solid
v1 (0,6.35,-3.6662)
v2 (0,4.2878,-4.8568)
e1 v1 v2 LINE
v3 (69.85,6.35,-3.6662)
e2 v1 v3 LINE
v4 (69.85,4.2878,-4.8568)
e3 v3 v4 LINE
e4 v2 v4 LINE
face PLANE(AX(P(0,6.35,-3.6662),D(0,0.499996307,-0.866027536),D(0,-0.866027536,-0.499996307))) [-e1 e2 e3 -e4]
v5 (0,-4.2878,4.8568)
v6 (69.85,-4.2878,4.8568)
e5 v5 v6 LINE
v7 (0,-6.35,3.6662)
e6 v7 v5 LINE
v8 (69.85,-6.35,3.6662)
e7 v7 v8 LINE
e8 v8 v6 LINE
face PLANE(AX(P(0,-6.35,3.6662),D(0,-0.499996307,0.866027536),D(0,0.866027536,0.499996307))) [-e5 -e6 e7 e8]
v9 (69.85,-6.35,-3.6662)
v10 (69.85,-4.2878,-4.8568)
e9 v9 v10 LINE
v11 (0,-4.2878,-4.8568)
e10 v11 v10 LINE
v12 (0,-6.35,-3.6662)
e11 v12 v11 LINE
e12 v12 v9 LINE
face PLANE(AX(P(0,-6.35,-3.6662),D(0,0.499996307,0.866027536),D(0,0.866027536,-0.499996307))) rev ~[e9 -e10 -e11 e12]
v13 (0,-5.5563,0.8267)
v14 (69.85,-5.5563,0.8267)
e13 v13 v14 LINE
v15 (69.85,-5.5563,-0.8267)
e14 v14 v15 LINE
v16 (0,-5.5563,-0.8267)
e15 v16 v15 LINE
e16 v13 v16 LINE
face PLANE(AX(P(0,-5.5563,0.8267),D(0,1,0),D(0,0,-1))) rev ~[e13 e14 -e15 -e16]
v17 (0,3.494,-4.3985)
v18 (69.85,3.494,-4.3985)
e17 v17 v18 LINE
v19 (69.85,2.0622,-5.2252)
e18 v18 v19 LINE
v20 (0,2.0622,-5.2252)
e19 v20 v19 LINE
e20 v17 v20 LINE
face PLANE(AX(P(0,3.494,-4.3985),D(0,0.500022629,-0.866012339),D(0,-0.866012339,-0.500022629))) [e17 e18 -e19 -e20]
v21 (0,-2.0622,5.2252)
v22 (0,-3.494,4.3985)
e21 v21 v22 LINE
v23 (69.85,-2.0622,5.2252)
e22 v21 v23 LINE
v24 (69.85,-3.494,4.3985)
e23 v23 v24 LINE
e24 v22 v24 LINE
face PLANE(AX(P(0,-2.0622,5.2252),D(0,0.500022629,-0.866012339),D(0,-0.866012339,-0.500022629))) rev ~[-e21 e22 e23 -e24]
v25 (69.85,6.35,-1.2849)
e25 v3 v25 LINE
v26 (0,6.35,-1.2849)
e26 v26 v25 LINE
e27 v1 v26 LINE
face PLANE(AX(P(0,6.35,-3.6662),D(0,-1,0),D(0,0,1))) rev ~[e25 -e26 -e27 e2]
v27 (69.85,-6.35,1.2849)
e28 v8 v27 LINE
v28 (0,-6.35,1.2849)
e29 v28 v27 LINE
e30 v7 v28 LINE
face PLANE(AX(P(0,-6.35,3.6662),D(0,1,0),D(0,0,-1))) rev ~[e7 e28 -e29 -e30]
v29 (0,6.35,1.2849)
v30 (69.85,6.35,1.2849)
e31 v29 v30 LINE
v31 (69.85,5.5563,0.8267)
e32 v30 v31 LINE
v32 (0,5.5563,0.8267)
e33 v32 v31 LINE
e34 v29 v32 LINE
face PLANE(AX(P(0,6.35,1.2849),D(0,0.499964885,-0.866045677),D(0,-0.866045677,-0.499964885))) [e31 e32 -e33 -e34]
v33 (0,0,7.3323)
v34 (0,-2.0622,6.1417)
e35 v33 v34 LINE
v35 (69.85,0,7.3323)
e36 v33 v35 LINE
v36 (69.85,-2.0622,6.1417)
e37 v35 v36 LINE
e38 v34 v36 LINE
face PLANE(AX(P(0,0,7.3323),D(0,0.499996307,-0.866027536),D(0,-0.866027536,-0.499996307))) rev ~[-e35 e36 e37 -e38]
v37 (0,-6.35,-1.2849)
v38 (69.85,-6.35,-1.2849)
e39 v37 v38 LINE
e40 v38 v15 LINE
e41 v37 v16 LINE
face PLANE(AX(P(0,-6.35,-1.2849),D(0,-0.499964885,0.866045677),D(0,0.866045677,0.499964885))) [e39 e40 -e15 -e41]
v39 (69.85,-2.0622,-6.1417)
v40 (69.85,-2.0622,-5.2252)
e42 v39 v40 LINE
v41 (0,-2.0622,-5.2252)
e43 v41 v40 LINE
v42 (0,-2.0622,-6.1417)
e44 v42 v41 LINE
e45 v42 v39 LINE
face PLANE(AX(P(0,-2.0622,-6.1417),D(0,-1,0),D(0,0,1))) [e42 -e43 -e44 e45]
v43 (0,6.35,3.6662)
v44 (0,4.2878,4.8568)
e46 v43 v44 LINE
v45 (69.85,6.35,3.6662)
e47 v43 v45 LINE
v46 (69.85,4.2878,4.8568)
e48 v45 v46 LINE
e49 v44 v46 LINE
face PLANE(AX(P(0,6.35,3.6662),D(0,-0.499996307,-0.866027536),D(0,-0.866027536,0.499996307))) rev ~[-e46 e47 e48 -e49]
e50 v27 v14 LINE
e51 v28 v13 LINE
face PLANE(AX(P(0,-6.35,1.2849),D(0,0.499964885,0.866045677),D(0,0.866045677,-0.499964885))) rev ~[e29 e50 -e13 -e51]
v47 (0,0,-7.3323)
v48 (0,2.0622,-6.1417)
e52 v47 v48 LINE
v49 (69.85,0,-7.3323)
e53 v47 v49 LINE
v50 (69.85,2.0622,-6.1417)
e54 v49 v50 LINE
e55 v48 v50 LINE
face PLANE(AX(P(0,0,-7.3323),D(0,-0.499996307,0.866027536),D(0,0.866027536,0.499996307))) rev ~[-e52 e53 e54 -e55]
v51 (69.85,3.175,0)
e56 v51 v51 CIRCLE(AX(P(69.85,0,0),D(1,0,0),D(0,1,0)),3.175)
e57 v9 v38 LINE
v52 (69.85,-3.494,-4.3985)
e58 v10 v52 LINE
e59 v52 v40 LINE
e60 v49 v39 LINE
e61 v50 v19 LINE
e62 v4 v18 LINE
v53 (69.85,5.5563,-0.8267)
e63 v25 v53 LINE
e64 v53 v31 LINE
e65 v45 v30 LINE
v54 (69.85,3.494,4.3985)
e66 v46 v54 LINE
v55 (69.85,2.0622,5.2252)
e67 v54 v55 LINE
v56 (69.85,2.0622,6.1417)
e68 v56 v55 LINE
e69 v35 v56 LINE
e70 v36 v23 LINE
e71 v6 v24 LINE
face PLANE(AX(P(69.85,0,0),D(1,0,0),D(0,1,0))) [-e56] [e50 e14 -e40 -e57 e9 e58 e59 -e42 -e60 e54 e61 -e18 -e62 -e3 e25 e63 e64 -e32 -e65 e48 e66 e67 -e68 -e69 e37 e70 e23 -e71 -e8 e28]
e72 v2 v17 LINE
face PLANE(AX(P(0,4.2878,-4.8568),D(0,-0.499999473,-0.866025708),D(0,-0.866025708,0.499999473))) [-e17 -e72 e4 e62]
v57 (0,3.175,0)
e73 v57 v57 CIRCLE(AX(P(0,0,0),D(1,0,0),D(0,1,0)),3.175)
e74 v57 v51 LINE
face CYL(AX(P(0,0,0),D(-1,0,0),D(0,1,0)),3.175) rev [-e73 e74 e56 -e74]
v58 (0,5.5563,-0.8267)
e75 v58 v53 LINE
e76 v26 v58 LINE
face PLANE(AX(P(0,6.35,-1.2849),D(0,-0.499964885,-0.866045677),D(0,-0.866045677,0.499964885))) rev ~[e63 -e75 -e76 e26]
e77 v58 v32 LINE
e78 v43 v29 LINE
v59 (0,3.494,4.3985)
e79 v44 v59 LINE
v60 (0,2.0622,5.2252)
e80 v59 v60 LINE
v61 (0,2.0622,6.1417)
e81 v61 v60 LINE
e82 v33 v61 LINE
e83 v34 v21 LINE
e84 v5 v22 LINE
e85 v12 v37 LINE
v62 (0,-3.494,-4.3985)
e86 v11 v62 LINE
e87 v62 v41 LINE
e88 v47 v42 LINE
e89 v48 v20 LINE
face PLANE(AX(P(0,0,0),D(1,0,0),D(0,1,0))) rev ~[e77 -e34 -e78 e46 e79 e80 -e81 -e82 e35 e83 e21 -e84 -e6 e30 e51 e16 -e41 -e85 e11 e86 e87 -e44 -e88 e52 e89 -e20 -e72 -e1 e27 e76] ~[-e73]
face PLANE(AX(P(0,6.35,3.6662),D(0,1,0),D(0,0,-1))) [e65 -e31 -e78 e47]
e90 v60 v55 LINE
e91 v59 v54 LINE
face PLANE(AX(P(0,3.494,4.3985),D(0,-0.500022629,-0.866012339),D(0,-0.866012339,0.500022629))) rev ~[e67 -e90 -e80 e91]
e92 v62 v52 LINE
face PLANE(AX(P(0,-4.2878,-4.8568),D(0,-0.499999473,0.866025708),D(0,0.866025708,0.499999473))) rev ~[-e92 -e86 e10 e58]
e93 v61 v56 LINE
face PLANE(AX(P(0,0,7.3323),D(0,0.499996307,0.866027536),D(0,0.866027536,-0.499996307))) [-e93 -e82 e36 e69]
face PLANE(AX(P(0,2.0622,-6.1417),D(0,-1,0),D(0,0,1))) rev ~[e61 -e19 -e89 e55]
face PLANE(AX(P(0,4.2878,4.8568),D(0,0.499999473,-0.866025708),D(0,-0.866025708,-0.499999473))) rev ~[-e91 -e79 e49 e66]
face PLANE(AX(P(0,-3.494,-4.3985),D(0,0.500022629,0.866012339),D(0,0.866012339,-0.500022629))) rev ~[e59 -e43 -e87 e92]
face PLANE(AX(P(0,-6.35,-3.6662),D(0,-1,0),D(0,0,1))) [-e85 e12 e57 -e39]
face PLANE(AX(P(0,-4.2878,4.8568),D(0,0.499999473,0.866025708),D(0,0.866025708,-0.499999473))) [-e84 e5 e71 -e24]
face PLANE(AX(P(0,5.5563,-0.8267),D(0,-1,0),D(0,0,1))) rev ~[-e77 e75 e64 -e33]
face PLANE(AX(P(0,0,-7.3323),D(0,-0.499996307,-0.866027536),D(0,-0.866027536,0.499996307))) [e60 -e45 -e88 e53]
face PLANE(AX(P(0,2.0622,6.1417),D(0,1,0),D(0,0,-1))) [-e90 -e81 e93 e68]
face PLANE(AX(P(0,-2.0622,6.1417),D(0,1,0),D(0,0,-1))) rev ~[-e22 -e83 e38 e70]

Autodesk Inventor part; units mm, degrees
ref_plane "YZ Plane" through (0, 0, 0) normal (1, 0, 0) x (0, 1, 0)
ref_plane "XZ Plane" through (0, 0, 0) normal (0, 1, 0) x (-1, 0, 0)
ref_plane "XY Plane" through (0, 0, 0) normal (0, 0, 1) x (1, 0, 0)
sketch "Sketch1" plane through (0, 0, 0) normal (1, 0, 0) x (0, 1, 0)
  line L0 (6.35, 3.6662) -> (6.35, -3.6662) construction
  line L1 (6.35, -3.6662) -> (0, -7.3323) construction
  line L2 (0, -7.3323) -> (-6.35, -3.6662) construction
  line L3 (-6.35, -3.6662) -> (-6.35, 3.6662) construction
  line L4 (-6.35, 3.6662) -> (0, 7.3323) construction
  line L5 (0, 7.3323) -> (6.35, 3.6662) construction
  line L6 (5.5563, -3.2079) -> (5.5563, 3.2079) construction
  line L7 (5.5563, 3.2079) -> (0, 6.4158) construction
  line L8 (0, 6.4158) -> (-5.5563, 3.2079) construction
  line L9 (-5.5563, 3.2079) -> (-5.5563, -3.2079) construction
  line L10 (-5.5563, -3.2079) -> (0, -6.4158) construction
  line L11 (0, -6.4158) -> (5.5563, -3.2079) construction
  line L12 (6.35, 3.6662) -> (6.35, 1.2849)
  line L13 (6.35, 3.6662) -> (4.2878, 4.8568)
  line L14 (6.35, -3.6662) -> (6.35, -1.2849)
  line L15 (6.35, -3.6662) -> (4.2878, -4.8568)
  line L16 (0, -7.3323) -> (2.0622, -6.1417)
  line L17 (0, -7.3323) -> (-2.0622, -6.1417)
  line L18 (-6.35, -3.6662) -> (-4.2878, -4.8568)
  line L19 (-6.35, -3.6662) -> (-6.35, -1.2849)
  line L20 (-6.35, 3.6662) -> (-6.35, 1.2849)
  line L21 (-6.35, 3.6662) -> (-4.2878, 4.8568)
  line L22 (0, 7.3323) -> (2.0622, 6.1417)
  line L23 (0, 7.3323) -> (-2.0622, 6.1417)
  line L24 (6.35, 1.2849) -> (5.5563, 0.8267)
  line L25 (6.35, 1.2849) -> (7.2665, 1.2849) construction
  line L26 (6.35, -1.2849) -> (5.5563, -0.8267)
  line L27 (6.35, -1.2849) -> (7.2665, -1.2849) construction
  line L28 (5.5563, -0.8267) -> (5.5563, 0.8267)
  line L29 (4.2878, -4.8568) -> (3.494, -4.3985)
  line L30 (4.2878, -4.8568) -> (5.2043, -4.8568) construction
  line L31 (2.0622, -6.1417) -> (2.0622, -5.2252)
  line L32 (2.0622, -6.1417) -> (2.9788, -6.1417) construction
  line L33 (-2.0622, -6.1417) -> (-2.0622, -5.2252)
  line L34 (-2.0622, -6.1417) -> (-1.1457, -6.1417) construction
  line L35 (3.494, -4.3985) -> (2.0622, -5.2252)
  line L36 (-4.2878, -4.8568) -> (-3.494, -4.3985)
  line L37 (-4.2878, -4.8568) -> (-3.3712, -4.8568) construction
  line L38 (-3.494, -4.3985) -> (-2.0622, -5.2252)
  line L39 (-6.35, -1.2849) -> (-5.5563, -0.8267)
  line L40 (-6.35, -1.2849) -> (-5.4335, -1.2849) construction
  line L41 (-6.35, 1.2849) -> (-5.5563, 0.8267)
  line L42 (-6.35, 1.2849) -> (-5.4335, 1.2849) construction
  line L43 (-5.5563, 0.8267) -> (-5.5563, -0.8267)
  line L44 (-4.2878, 4.8568) -> (-3.494, 4.3985)
  line L45 (-4.2878, 4.8568) -> (-3.3712, 4.8568) construction
  line L46 (-2.0622, 6.1417) -> (-2.0622, 5.2252)
  line L47 (-2.0622, 6.1417) -> (-1.1457, 6.1417) construction
  line L48 (-2.0622, 5.2252) -> (-3.494, 4.3985)
  line L49 (2.0622, 6.1417) -> (2.0622, 5.2252)
  line L50 (2.0622, 6.1417) -> (2.9788, 6.1417) construction
  line L51 (4.2878, 4.8568) -> (3.494, 4.3985)
  line L52 (4.2878, 4.8568) -> (5.2043, 4.8568) construction
  line L53 (3.494, 4.3985) -> (2.0622, 5.2252)
  circle A0 centre (0, 0) radius 3.175
  dimension "d0" = 12.7
  dimension "d1" = 12.7
  dimension "d2" = 12.7
  dimension "d3" = 120
  dimension "d4" = 120
  dimension "d5" = 6.35
  dimension "d6" = 6.35
  dimension "d7" = 6.35
  dimension "d11" = 0.7937
  dimension "d12" = 2.3813
  dimension "d13" = 2.3813
  dimension "d14" = 2.3813
  dimension "d15" = 2.3813
  dimension "d16" = 2.3813
  dimension "d17" = 2.3813
  dimension "d18" = 2.3813
  dimension "d19" = 2.3813
  dimension "d20" = 2.3813
  dimension "d21" = 2.3813
  dimension "d22" = 2.3813
  dimension "d23" = 2.3813
  dimension "d24" = 150
  dimension "d25" = 150
  dimension "d26" = 150
  dimension "d27" = 90
  dimension "d28" = 90
  dimension "d29" = 30
  dimension "d30" = 30
  dimension "d31" = 30
  dimension "d32" = 30
  dimension "d33" = 90
  dimension "d34" = 90
  dimension "d35" = 150
  dimension "d36" = 6.35
extrude "Extrusion1" add sketch "Sketch1" along normal blind 69.85
properties part number "churro" material "Aluminum 6061"
